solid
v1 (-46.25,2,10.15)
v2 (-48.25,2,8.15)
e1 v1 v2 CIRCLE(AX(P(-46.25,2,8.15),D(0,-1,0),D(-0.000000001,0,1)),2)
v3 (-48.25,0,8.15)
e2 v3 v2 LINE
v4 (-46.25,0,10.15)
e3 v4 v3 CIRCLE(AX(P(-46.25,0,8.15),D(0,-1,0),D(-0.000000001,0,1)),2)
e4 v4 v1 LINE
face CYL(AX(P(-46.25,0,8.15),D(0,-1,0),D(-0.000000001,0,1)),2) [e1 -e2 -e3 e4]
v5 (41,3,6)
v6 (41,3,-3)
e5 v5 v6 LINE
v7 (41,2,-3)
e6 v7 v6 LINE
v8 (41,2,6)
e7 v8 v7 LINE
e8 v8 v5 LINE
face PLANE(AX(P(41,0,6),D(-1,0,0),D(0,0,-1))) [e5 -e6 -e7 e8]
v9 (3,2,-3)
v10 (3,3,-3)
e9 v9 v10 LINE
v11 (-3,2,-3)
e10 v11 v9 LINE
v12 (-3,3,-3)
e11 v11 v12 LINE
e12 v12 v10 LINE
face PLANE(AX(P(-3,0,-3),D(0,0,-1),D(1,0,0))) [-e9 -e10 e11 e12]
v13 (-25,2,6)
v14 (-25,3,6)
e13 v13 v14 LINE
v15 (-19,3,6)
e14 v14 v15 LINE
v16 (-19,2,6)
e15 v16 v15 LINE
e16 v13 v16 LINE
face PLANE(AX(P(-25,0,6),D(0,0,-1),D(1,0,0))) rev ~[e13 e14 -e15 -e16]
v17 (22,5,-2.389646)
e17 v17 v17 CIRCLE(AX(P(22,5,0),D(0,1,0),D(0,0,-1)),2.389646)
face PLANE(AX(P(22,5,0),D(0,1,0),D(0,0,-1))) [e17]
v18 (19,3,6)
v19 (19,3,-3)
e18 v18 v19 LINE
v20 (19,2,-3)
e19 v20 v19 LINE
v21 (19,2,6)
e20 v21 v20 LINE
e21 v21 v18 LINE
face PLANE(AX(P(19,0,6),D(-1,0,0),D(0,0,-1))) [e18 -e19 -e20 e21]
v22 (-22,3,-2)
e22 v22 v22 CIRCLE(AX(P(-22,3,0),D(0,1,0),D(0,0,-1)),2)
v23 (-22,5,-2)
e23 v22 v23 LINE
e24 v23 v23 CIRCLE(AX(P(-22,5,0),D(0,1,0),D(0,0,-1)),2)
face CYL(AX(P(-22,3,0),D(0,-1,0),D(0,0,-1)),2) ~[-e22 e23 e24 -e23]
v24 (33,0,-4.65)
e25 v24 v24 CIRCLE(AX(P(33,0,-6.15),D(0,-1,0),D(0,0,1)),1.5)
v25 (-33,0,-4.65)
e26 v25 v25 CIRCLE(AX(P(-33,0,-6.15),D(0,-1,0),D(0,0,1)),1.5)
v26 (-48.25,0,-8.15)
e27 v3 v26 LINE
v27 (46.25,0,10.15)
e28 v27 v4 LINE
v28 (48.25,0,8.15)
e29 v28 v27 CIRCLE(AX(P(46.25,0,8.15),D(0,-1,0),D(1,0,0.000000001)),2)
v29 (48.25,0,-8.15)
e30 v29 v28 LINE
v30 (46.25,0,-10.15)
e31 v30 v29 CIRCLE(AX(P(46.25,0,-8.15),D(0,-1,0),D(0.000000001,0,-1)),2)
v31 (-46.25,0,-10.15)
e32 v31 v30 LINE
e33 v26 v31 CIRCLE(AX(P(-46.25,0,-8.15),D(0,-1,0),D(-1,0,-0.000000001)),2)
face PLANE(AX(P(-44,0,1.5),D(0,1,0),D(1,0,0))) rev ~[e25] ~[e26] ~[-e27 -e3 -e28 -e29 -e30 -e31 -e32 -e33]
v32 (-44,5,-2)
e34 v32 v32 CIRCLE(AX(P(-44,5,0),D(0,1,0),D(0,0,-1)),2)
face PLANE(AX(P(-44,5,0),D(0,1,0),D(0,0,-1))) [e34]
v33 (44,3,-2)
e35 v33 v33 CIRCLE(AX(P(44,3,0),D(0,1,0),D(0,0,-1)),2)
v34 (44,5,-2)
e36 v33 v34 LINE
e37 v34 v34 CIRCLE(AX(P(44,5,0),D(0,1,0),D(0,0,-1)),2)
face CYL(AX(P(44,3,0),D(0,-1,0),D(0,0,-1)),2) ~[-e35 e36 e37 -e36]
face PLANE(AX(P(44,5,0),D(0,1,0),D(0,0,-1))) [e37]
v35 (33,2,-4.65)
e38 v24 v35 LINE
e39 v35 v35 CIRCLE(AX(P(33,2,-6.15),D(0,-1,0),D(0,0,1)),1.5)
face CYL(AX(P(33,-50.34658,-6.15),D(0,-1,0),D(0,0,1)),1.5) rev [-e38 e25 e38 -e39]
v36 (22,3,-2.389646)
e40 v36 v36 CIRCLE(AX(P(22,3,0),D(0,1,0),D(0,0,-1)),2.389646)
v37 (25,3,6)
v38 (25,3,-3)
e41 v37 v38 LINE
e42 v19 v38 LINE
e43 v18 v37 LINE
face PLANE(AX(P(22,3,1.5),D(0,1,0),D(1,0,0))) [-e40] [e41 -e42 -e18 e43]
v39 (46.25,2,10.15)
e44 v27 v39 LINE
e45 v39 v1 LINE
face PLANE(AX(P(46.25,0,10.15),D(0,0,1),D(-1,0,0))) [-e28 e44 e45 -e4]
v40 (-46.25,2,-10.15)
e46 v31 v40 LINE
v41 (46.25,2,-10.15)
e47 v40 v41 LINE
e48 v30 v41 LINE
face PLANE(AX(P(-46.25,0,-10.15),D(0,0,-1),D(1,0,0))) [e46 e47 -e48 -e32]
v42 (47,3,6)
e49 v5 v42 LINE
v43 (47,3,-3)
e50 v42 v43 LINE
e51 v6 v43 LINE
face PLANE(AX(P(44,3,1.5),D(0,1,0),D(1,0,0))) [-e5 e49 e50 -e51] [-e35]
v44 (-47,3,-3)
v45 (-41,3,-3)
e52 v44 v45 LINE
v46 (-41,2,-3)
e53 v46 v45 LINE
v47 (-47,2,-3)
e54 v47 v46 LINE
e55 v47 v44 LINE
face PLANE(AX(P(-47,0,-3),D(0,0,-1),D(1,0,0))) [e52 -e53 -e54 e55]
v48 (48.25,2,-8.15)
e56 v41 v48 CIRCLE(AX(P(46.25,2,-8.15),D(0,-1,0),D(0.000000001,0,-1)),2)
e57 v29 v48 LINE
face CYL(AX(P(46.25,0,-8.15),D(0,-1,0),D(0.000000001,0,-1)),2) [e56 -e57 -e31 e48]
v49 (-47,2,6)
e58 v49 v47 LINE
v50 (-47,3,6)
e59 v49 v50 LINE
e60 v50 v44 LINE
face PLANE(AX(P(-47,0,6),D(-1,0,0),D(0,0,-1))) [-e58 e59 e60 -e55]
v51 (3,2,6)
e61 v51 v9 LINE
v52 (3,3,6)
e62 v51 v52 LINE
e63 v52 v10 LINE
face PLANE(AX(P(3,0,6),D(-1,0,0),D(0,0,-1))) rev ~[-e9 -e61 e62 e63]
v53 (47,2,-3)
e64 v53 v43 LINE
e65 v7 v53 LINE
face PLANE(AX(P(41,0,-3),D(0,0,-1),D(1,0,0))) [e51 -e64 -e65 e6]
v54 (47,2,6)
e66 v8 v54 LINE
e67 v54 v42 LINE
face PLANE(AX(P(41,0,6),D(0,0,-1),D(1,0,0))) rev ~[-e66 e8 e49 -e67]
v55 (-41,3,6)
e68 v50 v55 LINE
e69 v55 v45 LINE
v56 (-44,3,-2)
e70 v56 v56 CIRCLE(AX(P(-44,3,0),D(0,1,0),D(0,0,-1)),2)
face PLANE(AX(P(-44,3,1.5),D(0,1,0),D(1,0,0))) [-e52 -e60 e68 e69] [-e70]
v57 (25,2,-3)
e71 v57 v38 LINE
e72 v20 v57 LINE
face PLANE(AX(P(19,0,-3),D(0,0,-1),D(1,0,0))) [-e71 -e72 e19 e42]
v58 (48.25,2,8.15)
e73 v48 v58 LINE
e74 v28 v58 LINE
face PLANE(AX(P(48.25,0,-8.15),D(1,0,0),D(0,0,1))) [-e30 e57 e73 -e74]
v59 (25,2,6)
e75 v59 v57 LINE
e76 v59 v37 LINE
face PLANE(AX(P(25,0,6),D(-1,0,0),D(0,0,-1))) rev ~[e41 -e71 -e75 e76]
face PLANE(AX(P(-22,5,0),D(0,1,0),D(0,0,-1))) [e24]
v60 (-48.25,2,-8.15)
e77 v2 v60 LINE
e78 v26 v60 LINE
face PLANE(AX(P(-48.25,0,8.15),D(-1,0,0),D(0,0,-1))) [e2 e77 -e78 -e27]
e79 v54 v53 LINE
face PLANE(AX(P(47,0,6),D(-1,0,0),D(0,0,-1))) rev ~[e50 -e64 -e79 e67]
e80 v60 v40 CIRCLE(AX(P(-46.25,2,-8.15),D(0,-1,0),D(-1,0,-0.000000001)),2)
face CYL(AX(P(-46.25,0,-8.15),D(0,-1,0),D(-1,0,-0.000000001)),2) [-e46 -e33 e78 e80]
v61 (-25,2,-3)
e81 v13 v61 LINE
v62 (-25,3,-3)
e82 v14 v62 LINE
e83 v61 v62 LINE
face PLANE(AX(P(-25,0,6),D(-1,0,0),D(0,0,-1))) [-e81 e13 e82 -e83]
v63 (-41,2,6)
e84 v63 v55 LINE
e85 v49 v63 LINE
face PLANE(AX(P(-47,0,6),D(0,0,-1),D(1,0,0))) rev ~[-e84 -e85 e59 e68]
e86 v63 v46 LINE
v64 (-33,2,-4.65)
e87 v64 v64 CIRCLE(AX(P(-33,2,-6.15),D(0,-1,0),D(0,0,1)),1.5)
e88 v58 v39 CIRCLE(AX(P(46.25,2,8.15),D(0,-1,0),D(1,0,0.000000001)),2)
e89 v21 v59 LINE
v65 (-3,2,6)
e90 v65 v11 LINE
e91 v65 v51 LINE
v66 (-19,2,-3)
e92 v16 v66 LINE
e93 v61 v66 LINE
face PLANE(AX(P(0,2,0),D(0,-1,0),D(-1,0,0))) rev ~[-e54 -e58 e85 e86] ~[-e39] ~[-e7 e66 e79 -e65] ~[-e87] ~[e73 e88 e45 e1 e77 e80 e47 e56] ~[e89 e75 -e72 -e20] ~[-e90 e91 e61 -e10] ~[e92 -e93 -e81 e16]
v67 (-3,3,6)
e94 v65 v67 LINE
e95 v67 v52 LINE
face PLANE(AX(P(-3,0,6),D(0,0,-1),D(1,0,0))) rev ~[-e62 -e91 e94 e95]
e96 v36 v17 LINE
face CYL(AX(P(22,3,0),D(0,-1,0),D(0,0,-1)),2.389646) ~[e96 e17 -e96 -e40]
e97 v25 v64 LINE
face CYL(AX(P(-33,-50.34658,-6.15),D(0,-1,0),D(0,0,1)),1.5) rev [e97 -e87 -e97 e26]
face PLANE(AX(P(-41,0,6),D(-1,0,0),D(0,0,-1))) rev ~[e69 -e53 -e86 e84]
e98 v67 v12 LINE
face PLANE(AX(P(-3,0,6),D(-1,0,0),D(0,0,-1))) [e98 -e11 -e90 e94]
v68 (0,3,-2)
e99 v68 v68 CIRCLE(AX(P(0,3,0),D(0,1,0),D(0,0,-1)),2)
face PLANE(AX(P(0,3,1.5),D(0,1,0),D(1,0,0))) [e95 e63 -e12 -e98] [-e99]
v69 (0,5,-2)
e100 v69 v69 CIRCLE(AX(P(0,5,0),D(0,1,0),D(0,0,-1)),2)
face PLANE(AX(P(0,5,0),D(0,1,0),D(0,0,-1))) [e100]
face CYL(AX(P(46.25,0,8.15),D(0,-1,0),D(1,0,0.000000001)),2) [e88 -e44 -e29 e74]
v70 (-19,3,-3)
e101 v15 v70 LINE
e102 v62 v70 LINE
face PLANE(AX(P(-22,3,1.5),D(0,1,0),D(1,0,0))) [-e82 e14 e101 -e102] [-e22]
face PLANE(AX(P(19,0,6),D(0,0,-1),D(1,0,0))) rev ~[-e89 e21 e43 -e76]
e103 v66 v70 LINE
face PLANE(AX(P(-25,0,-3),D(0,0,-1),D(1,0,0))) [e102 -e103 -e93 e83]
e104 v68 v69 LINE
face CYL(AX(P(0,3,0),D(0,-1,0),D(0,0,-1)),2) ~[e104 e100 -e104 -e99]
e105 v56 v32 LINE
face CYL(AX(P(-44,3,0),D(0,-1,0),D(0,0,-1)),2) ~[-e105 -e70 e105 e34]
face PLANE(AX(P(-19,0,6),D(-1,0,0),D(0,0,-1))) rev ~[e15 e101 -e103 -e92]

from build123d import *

# Parameters (mm, degrees)
EXTRUDE_2_DEPTH          = 2
CUT_EXTRUDE_3_DEPTH      = 50.346580429
CUT_EXTRUDE_3_DEPTH_BACK = 50.346580429
SKETCH_2_R               = 1.5
SKETCH_3_W               = 6
SKETCH_3_H               = 9
EXTRUDE_3_DEPTH          = 3
EXTRUDE_START            = 3
SKETCH_4_R               = 2
SKETCH_4_R_2             = 2.38964589
EXTRUDE_4_DEPTH          = 2


with BuildPart() as part:
    # 草图1 → 凸台-拉伸2 (new body)
    with BuildSketch(Plane(origin=(0, 0, 0), x_dir=(1, 0, 0), z_dir=(0, 1, 0))):
        with BuildLine():
            Line((46.25, -10.15), (-46.25, -10.15))
            ThreePointArc((-46.25, -10.15), (-47.664213562, -9.564213562), (-48.25, -8.15))
            Line((-48.25, -8.15), (-48.25, 8.15))
            ThreePointArc((-48.25, 8.15), (-47.664213562, 9.564213562), (-46.25, 10.15))
            Line((-46.25, 10.15), (46.25, 10.15))
            ThreePointArc((46.25, 10.15), (47.664213562, 9.564213562), (48.25, 8.15))
            Line((48.25, 8.15), (48.25, -8.15))
            ThreePointArc((48.25, -8.15), (47.664213562, -9.564213562), (46.25, -10.15))
        make_face()
    extrude(amount=EXTRUDE_2_DEPTH)

    # 草图2 → 切除-拉伸3 (cut, two sides: drawn at the far end of the back side and taken through both)
    with BuildSketch(Plane(origin=(0, 0, 0), x_dir=(1, 0, 0), z_dir=(0, 1, 0)).offset(-CUT_EXTRUDE_3_DEPTH_BACK)):
        with Locations(Location((-33, 6.15, 0), (0, 0, 270))):
            Circle(SKETCH_2_R)
        with Locations(Location((33, 6.15, 0), (0, 0, 270))):
            Circle(SKETCH_2_R)
    extrude(amount=CUT_EXTRUDE_3_DEPTH + CUT_EXTRUDE_3_DEPTH_BACK, mode=Mode.SUBTRACT)

    # 草图3 → 凸台-拉伸3 (add)
    with BuildSketch(Plane(origin=(0, 0, 0), x_dir=(1, 0, 0), z_dir=(0, 1, 0))):
        with Locations((-44, -1.5)):
            Rectangle(SKETCH_3_W, SKETCH_3_H)
        with Locations((-22, -1.5)):
            Rectangle(SKETCH_3_W, SKETCH_3_H)
        with Locations((0, -1.5)):
            Rectangle(SKETCH_3_W, SKETCH_3_H)
        with Locations((22, -1.5)):
            Rectangle(SKETCH_3_W, SKETCH_3_H)
        with Locations((44, -1.5)):
            Rectangle(SKETCH_3_W, SKETCH_3_H)
    extrude(amount=EXTRUDE_3_DEPTH)

    # 草图4 → 凸台-拉伸4 (add)
    with BuildSketch(Plane(origin=(0, 0, 0), x_dir=(1, 0, 0), z_dir=(0, 1, 0)).offset(EXTRUDE_START)):
        with Locations(Location((-44, 0, 0), (0, 0, 90))):
            Circle(SKETCH_4_R)
        with Locations(Location((-22, 0, 0), (0, 0, 90))):
            Circle(SKETCH_4_R)
        with Locations(Location((0, 0, 0), (0, 0, 90))):
            Circle(SKETCH_4_R)
        with Locations(Location((22, 0, 0), (0, 0, 90))):
            Circle(SKETCH_4_R_2)
        with Locations(Location((44, 0, 0), (0, 0, 90))):
            Circle(SKETCH_4_R)
    extrude(amount=EXTRUDE_4_DEPTH)


solid = part.part
